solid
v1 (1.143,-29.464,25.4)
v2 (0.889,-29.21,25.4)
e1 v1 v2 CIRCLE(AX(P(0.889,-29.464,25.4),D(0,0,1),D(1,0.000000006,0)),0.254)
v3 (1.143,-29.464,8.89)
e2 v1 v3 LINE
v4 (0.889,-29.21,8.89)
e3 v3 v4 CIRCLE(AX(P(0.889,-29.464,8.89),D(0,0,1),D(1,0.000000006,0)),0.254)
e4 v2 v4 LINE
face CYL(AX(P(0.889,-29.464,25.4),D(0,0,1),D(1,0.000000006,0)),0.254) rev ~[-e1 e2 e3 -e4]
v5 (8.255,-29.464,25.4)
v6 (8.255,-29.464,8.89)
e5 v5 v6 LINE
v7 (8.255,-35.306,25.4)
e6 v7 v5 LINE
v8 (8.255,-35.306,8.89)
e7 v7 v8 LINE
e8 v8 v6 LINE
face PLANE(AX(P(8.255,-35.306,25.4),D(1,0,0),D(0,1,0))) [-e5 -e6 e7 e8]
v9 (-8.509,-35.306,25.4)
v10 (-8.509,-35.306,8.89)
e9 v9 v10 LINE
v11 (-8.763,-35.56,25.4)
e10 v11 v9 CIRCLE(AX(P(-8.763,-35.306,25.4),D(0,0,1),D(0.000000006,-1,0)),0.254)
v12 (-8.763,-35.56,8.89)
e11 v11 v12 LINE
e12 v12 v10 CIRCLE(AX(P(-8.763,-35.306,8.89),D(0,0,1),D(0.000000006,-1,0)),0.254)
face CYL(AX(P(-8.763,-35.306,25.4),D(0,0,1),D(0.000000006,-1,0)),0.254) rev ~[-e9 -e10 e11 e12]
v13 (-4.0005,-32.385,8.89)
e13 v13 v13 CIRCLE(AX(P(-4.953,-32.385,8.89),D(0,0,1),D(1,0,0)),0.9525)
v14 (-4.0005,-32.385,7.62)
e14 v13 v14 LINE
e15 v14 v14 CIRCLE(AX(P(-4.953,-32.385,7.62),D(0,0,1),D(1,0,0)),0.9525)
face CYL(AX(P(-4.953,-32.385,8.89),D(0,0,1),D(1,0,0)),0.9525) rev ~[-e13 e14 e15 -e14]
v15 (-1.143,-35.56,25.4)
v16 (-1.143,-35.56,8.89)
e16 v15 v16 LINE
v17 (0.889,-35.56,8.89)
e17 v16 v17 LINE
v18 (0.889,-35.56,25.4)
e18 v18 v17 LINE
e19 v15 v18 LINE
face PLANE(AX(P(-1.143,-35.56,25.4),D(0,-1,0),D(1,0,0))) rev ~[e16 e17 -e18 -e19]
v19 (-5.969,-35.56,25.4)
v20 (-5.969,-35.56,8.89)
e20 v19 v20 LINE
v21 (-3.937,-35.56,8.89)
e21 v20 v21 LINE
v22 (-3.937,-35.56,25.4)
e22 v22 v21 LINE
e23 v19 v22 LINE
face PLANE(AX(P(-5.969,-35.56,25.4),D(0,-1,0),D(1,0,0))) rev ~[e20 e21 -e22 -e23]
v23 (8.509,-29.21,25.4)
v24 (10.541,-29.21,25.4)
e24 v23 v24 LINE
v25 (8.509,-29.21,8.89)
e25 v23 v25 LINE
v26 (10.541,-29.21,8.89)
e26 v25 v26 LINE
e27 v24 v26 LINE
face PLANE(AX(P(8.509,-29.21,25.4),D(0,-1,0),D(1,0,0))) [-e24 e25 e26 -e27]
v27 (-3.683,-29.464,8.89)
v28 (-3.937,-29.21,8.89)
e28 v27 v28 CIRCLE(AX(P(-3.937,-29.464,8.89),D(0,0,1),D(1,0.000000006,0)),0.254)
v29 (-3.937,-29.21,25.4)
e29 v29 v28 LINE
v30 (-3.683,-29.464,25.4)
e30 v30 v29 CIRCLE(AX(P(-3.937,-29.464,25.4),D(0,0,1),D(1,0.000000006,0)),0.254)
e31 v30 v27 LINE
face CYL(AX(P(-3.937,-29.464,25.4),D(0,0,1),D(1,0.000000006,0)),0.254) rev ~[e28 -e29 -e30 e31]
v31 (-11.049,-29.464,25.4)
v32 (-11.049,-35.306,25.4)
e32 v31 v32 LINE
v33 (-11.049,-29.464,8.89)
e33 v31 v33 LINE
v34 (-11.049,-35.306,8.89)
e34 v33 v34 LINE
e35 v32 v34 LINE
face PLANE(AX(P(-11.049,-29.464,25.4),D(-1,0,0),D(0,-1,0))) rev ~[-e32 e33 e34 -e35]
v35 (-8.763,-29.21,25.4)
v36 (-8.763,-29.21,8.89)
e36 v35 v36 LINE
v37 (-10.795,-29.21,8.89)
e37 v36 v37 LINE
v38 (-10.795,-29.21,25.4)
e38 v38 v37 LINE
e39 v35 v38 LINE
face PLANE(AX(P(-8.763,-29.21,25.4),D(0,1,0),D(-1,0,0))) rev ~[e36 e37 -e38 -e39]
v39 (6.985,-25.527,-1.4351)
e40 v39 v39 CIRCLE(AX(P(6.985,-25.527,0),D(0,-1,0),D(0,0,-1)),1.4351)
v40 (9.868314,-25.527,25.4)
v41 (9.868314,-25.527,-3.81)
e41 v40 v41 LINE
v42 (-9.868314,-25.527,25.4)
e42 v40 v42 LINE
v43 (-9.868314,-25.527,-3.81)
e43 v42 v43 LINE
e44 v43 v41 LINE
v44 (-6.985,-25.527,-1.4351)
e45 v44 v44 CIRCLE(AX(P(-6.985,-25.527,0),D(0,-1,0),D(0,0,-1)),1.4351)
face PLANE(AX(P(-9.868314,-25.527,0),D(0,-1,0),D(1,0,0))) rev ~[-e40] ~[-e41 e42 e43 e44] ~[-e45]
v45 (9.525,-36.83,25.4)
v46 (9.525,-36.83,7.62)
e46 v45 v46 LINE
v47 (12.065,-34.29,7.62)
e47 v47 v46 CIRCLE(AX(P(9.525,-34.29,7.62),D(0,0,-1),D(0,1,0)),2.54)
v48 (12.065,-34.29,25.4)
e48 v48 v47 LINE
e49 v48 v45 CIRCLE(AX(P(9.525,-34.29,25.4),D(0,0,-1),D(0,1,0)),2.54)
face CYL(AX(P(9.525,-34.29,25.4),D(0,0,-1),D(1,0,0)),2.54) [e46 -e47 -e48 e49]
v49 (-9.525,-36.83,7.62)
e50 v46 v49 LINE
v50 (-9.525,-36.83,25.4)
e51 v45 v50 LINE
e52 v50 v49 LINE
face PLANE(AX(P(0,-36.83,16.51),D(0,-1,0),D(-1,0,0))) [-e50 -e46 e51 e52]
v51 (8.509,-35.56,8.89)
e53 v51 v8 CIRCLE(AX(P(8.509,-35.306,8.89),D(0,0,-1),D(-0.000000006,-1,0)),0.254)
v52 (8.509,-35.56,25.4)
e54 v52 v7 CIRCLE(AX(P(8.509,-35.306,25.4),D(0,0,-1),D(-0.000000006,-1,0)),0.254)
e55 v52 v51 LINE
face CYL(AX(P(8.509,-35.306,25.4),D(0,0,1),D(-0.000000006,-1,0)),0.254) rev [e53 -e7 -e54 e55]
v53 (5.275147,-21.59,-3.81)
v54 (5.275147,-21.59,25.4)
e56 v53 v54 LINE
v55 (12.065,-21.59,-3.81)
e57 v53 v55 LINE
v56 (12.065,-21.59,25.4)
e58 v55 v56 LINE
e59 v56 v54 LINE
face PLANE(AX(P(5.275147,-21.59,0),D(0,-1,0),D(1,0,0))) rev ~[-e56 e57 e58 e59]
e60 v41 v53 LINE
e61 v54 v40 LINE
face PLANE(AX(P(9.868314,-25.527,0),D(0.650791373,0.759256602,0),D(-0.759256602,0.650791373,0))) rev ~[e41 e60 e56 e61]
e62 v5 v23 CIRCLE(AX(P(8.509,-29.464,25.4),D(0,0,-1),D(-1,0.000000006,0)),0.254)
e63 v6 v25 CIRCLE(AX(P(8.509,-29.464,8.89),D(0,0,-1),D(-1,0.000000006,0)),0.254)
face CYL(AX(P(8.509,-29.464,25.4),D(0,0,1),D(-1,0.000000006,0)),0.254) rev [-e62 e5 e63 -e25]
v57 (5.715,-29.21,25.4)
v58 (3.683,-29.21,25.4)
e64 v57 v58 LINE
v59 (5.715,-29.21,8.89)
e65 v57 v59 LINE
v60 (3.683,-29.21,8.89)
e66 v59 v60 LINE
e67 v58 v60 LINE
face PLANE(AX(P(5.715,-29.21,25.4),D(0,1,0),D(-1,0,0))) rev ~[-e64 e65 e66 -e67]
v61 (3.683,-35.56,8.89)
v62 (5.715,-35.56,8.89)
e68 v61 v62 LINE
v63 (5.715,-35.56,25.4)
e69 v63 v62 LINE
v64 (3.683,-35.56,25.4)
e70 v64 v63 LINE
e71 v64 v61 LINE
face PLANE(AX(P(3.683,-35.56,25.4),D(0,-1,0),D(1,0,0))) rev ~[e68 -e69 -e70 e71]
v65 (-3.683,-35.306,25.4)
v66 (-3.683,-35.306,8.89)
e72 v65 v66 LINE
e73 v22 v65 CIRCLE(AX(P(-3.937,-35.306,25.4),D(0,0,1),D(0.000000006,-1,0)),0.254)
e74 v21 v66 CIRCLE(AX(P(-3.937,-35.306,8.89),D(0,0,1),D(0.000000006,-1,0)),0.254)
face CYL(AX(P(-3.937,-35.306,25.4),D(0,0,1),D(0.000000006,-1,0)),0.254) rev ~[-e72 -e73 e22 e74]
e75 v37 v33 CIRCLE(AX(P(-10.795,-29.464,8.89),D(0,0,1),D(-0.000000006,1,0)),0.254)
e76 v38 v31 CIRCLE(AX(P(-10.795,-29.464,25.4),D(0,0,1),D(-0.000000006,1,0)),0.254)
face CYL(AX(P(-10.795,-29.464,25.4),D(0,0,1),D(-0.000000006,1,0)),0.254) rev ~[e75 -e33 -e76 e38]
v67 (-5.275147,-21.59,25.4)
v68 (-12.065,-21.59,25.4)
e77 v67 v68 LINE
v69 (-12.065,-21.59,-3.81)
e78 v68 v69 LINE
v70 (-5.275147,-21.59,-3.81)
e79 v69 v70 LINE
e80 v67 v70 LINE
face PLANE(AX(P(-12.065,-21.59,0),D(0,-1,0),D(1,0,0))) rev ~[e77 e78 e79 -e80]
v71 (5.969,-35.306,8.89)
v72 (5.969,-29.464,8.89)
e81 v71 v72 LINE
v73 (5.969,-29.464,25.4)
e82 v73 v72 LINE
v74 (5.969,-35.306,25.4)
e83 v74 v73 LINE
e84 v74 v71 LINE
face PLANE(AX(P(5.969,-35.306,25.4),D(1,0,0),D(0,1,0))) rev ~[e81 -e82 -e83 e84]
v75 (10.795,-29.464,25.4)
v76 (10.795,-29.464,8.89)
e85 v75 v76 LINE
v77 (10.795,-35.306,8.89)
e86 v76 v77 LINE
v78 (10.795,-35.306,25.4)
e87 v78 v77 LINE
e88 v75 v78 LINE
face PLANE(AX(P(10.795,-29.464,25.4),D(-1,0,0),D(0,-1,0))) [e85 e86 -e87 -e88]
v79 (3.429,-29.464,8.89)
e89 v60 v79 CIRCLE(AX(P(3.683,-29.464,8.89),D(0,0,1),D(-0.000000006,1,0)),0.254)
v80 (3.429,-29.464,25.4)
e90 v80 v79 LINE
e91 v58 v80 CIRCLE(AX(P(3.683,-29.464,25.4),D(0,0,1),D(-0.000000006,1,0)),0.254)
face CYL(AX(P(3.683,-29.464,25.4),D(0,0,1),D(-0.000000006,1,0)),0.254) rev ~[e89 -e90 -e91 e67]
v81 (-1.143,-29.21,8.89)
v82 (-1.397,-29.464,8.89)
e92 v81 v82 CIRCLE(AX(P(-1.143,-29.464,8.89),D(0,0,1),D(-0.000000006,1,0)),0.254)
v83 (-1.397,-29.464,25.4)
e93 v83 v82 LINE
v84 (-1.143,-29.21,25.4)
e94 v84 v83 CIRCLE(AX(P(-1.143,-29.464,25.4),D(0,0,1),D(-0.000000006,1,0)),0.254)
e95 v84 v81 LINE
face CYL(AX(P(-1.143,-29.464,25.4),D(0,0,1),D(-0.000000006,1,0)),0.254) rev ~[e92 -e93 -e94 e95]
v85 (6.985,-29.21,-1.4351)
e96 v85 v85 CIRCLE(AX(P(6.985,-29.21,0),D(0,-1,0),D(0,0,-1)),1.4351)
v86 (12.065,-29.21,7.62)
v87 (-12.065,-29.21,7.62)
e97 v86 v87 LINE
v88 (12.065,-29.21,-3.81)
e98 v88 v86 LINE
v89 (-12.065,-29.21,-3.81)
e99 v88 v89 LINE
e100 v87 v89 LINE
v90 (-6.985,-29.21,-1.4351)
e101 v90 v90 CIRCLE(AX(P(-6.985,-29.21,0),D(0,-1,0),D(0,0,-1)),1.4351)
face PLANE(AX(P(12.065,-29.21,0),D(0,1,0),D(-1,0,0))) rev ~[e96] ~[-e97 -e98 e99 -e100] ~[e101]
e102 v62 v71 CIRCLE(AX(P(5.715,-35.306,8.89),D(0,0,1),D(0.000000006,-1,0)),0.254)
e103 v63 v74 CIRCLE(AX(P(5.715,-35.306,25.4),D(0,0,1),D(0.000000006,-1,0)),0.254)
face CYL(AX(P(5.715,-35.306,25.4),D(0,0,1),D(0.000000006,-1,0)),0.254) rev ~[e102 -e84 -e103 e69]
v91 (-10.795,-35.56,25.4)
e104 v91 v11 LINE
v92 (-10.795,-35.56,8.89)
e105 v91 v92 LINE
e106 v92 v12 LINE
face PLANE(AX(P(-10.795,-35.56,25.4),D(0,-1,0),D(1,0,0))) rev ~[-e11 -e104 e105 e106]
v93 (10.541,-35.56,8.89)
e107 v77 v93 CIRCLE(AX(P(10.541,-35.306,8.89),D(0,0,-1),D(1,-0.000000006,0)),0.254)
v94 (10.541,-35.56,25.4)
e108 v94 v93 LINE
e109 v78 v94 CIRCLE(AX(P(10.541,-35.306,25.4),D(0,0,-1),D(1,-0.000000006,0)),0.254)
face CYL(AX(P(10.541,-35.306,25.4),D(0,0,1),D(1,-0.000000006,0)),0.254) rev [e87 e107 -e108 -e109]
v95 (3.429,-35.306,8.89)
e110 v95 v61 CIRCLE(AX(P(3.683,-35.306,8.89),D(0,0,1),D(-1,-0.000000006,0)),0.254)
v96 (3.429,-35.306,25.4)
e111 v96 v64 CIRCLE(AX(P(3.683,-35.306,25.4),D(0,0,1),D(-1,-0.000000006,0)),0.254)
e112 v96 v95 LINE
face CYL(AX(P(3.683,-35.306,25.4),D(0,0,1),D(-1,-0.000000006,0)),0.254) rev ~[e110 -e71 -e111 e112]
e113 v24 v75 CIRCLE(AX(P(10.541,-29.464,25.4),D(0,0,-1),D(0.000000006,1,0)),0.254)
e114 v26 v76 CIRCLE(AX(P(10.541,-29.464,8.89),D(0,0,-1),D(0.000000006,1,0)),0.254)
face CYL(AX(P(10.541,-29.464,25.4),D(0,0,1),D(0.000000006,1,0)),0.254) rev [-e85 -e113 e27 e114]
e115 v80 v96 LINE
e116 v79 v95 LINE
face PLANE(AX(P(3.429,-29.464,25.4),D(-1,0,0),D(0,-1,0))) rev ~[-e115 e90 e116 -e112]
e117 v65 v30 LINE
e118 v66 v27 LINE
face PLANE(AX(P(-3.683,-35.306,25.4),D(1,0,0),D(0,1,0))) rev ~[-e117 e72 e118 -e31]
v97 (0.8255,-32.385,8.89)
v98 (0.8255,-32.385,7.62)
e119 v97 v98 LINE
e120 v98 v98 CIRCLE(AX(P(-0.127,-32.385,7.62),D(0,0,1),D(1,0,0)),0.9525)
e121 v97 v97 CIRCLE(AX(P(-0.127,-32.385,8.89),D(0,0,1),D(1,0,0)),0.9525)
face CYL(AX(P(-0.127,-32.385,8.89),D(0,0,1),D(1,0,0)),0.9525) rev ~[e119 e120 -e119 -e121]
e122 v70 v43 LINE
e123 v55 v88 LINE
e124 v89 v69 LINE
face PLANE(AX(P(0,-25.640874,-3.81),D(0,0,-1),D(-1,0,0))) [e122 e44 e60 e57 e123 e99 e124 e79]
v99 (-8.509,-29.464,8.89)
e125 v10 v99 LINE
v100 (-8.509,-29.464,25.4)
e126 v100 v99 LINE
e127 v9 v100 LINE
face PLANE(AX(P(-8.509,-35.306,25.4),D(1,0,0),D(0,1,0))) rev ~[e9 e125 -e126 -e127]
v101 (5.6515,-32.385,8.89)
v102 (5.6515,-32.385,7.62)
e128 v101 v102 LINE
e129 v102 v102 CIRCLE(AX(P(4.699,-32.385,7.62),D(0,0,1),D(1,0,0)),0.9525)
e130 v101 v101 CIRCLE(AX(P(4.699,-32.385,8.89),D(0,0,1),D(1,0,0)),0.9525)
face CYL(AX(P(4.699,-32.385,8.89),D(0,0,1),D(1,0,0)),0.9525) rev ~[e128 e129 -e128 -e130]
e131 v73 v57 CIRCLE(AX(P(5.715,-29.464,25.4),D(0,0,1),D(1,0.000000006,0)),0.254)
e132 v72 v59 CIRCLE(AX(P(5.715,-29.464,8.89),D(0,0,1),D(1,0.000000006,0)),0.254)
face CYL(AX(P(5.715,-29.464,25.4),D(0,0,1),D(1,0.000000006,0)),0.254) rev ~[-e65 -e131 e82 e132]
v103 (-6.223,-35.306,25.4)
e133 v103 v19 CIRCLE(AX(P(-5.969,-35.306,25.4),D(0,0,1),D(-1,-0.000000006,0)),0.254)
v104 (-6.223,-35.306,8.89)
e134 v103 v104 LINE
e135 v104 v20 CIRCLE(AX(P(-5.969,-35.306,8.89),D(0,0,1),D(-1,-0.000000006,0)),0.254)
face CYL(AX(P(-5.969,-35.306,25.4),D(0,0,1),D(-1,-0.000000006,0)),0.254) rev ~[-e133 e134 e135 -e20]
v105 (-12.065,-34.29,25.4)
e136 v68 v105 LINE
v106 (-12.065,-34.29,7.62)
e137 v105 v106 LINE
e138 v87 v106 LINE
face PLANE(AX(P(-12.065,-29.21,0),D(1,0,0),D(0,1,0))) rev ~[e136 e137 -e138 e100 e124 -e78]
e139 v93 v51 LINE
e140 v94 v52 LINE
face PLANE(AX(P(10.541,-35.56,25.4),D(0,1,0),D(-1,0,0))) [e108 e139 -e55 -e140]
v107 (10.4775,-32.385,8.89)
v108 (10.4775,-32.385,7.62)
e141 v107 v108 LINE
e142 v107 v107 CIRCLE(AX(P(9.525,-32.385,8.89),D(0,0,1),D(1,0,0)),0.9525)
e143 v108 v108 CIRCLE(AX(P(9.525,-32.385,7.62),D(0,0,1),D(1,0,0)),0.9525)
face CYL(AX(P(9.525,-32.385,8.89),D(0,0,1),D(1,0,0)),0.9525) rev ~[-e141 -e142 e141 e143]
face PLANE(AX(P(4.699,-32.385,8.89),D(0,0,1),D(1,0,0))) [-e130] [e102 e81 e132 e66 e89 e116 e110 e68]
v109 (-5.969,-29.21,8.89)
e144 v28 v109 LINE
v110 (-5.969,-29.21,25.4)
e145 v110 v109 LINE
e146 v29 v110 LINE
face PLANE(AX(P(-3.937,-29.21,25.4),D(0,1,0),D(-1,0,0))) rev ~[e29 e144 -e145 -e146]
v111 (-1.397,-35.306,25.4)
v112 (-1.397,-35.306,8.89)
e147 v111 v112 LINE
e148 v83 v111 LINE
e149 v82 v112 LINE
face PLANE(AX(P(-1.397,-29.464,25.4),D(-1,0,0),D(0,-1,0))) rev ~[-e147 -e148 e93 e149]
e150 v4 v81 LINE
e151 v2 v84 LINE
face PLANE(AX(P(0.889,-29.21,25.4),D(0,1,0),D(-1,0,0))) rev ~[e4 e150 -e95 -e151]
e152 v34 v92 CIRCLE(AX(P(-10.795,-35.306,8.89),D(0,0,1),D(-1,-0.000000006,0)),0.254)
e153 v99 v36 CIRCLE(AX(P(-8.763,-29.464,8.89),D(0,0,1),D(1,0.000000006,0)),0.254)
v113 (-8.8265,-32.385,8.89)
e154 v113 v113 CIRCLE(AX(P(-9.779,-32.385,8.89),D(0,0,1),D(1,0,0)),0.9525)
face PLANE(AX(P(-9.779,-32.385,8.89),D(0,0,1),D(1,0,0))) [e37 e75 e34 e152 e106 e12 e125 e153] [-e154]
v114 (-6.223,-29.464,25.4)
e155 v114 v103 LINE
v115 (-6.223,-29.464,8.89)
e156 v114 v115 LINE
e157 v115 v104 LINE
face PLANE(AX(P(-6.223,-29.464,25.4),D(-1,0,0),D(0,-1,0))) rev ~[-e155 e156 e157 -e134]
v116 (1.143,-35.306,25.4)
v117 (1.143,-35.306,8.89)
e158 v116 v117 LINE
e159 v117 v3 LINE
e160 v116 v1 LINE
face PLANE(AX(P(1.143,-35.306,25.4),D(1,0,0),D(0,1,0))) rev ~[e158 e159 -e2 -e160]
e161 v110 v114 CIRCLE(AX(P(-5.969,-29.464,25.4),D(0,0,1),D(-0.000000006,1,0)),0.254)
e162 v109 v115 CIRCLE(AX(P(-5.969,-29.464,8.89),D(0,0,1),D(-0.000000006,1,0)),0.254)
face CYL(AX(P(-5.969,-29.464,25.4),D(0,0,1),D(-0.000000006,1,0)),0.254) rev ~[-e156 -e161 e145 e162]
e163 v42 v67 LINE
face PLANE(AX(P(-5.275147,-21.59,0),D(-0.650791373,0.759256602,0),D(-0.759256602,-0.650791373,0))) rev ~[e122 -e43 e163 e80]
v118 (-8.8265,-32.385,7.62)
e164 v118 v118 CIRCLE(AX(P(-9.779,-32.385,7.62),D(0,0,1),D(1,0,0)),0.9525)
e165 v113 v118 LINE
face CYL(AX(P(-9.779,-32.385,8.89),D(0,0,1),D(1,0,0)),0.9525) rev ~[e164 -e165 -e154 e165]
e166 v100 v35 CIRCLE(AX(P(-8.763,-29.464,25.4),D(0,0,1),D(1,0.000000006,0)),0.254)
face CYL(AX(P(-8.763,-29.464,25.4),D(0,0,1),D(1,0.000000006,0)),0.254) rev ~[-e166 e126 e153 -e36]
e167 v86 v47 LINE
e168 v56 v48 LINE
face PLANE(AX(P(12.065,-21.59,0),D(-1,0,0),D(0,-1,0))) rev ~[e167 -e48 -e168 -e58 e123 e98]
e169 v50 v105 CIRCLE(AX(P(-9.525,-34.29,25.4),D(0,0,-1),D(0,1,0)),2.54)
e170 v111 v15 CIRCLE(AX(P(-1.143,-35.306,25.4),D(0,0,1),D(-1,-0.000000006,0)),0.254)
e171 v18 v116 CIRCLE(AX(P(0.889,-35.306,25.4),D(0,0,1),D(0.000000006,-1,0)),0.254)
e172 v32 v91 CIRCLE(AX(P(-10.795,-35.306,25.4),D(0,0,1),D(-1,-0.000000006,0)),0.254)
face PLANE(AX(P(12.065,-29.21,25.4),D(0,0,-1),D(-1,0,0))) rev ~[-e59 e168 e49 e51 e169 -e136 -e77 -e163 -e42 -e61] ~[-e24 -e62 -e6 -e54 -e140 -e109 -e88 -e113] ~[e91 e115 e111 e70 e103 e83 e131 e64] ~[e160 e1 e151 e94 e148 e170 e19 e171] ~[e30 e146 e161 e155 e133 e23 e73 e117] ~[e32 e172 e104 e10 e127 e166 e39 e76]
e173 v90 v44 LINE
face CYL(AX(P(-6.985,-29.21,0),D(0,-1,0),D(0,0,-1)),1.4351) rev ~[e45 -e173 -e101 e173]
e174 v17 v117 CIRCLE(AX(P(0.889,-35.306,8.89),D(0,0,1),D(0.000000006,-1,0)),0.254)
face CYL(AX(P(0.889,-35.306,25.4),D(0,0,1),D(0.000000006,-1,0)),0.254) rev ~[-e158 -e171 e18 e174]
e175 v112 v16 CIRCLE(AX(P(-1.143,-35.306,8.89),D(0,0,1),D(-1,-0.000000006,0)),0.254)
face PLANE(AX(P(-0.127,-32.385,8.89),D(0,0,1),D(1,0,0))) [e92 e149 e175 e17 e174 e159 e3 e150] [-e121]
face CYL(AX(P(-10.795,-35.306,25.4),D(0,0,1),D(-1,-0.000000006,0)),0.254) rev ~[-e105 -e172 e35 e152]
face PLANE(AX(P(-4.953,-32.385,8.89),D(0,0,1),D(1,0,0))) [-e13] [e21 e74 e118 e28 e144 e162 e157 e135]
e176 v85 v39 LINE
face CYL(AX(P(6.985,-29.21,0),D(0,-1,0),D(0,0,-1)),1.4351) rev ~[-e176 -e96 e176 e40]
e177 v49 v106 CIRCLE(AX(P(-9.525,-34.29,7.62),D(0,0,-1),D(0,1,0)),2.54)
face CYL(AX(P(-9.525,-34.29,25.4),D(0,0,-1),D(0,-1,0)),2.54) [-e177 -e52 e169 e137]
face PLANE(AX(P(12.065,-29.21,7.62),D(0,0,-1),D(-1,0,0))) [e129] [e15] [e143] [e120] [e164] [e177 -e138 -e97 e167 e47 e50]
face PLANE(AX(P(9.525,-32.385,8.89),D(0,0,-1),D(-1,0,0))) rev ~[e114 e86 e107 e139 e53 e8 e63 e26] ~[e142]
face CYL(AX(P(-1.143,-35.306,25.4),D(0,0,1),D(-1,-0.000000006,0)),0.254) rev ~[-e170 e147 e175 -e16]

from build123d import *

# Parameters (mm, degrees)
BOSS_EXTRUDE2_DEPTH = 25.4
SKETCH3_W           = 24.13
SKETCH3_H           = 17.78
BOSS_EXTRUDE3_DEPTH = 7.62
CUT_EXTRUDE2_DEPTH  = 16.51
SKETCH5_R           = 0.9525
CUT_EXTRUDE3_DEPTH  = 1.27
FILLET1_R           = 2.54
BOSS_EXTRUDE4_DEPTH = 3.81
SKETCH2_R           = 1.4351
CUT_EXTRUDE1_DEPTH  = 3.683


with BuildPart() as part:
    # Sketch1 → Boss-Extrude2 (new body)
    with BuildSketch(Plane.XY):
        Polygon((9.525, -21.59), (5.275147024, -21.59), (9.868313691, -25.527), (-9.868313691, -25.527), (-5.275147024, -21.59), (-9.525, -21.59), (-12.065, -21.59), (-12.065, -22.494104142), (-12.065, -29.21), (-8.343230433, -29.21), (10.89773699, -29.21), (12.065, -29.21), (12.065, -26.495103927), (12.065, -21.59), align=None)
    extrude(amount=BOSS_EXTRUDE2_DEPTH)

    # Sketch3 → Boss-Extrude3 (add)
    with BuildSketch(Plane(origin=(0, -29.21, 0), x_dir=(-1, 0, 0), z_dir=(0, -1, 0))):
        with Locations((0, -16.51)):
            Rectangle(SKETCH3_W, SKETCH3_H)
    extrude(amount=BOSS_EXTRUDE3_DEPTH)

    # Sketch4 → Cut-Extrude2 (cut)
    with BuildSketch(Plane.XY.offset(25.4)):
        with BuildLine():
            Line((10.541, -35.56), (8.509, -35.56))
            ThreePointArc((8.509, -35.56), (8.329394878, -35.485605122), (8.255, -35.306))
            Line((8.255, -35.306), (8.255, -29.464))
            ThreePointArc((8.255, -29.464), (8.329394878, -29.284394878), (8.509, -29.21))
            Line((8.509, -29.21), (10.541, -29.21))
            ThreePointArc((10.541, -29.21), (10.720605122, -29.284394878), (10.795, -29.464))
            Line((10.795, -29.464), (10.795, -35.306))
            ThreePointArc((10.795, -35.306), (10.720605122, -35.485605122), (10.541, -35.56))
        make_face()
        with BuildLine():
            Line((5.969, -35.306), (5.969, -29.464))
            ThreePointArc((5.969, -29.464), (5.894605122, -29.284394878), (5.715, -29.21))
            Line((5.715, -29.21), (3.683, -29.21))
            ThreePointArc((3.683, -29.21), (3.503394878, -29.284394878), (3.429, -29.464))
            Line((3.429, -29.464), (3.429, -35.306))
            ThreePointArc((3.429, -35.306), (3.503394878, -35.485605122), (3.683, -35.56))
            Line((3.683, -35.56), (5.715, -35.56))
            ThreePointArc((5.715, -35.56), (5.894605122, -35.485605122), (5.969, -35.306))
        make_face()
        with BuildLine():
            Line((1.143, -35.306), (1.143, -29.464))
            ThreePointArc((1.143, -29.464), (1.068605122, -29.284394878), (0.889, -29.21))
            Line((0.889, -29.21), (-1.143, -29.21))
            ThreePointArc((-1.143, -29.21), (-1.322605122, -29.284394878), (-1.397, -29.464))
            Line((-1.397, -29.464), (-1.397, -35.306))
            ThreePointArc((-1.397, -35.306), (-1.322605122, -35.485605122), (-1.143, -35.56))
            Line((-1.143, -35.56), (0.889, -35.56))
            ThreePointArc((0.889, -35.56), (1.068605122, -35.485605122), (1.143, -35.306))
        make_face()
        with BuildLine():
            Line((-3.683, -35.306), (-3.683, -29.464))
            ThreePointArc((-3.683, -29.464), (-3.757394878, -29.284394878), (-3.937, -29.21))
            Line((-3.937, -29.21), (-5.969, -29.21))
            ThreePointArc((-5.969, -29.21), (-6.148605122, -29.284394878), (-6.223, -29.464))
            Line((-6.223, -29.464), (-6.223, -35.306))
            ThreePointArc((-6.223, -35.306), (-6.148605122, -35.485605122), (-5.969, -35.56))
            Line((-5.969, -35.56), (-3.937, -35.56))
            ThreePointArc((-3.937, -35.56), (-3.757394878, -35.485605122), (-3.683, -35.306))
        make_face()
        with BuildLine():
            Line((-8.509, -35.306), (-8.509, -29.464))
            ThreePointArc((-8.509, -29.464), (-8.583394878, -29.284394878), (-8.763, -29.21))
            Line((-8.763, -29.21), (-10.795, -29.21))
            ThreePointArc((-10.795, -29.21), (-10.974605122, -29.284394878), (-11.049, -29.464))
            Line((-11.049, -29.464), (-11.049, -35.306))
            ThreePointArc((-11.049, -35.306), (-10.974605122, -35.485605122), (-10.795, -35.56))
            Line((-10.795, -35.56), (-8.763, -35.56))
            ThreePointArc((-8.763, -35.56), (-8.583394878, -35.485605122), (-8.509, -35.306))
        make_face()
    extrude(amount=-CUT_EXTRUDE2_DEPTH, mode=Mode.SUBTRACT)

    # Sketch5 → Cut-Extrude3 (cut)
    with BuildSketch(Plane.XY.offset(8.89)):
        with Locations((9.525, -32.385)):
            Circle(SKETCH5_R)
        with Locations((4.699, -32.385)):
            Circle(SKETCH5_R)
        with Locations((-0.127, -32.385)):
            Circle(SKETCH5_R)
        with Locations((-4.953, -32.385)):
            Circle(SKETCH5_R)
        with Locations((-9.779, -32.385)):
            Circle(SKETCH5_R)
    extrude(amount=-CUT_EXTRUDE3_DEPTH, mode=Mode.SUBTRACT)

    # Fillet1
    fillet1_edges = [part.edges().sort_by_distance(p)[0] for p in [
        (12.065, -36.83, 16.51),
        (-12.065, -36.83, 16.51),
    ]]
    fillet(fillet1_edges, radius=FILLET1_R)

    # Sketch6 → Boss-Extrude4 (add)
    with BuildSketch(Plane(origin=(0, 0, 0), x_dir=(-1, 0, 0), z_dir=(0, 0, -1))):
        Polygon((-12.065, -29.21), (12.065, -29.21), (12.065, -21.59), (5.275147024, -21.59), (9.868313691, -25.527), (-9.868313691, -25.527), (-5.275147024, -21.59), (-12.065, -21.59), align=None)
    extrude(amount=BOSS_EXTRUDE4_DEPTH)

    # Sketch2 → Cut-Extrude1 (cut)
    with BuildSketch(Plane(origin=(0, -29.21, 0), x_dir=(-1, 0, 0), z_dir=(0, -1, 0))):
        with Locations(Location((-6.985, 0, 0), (0, 0, 90))):
            Circle(SKETCH2_R)
        with Locations(Location((6.985, 0, 0), (0, 0, 90))):
            Circle(SKETCH2_R)
    extrude(amount=-CUT_EXTRUDE1_DEPTH, mode=Mode.SUBTRACT)


solid = part.part
